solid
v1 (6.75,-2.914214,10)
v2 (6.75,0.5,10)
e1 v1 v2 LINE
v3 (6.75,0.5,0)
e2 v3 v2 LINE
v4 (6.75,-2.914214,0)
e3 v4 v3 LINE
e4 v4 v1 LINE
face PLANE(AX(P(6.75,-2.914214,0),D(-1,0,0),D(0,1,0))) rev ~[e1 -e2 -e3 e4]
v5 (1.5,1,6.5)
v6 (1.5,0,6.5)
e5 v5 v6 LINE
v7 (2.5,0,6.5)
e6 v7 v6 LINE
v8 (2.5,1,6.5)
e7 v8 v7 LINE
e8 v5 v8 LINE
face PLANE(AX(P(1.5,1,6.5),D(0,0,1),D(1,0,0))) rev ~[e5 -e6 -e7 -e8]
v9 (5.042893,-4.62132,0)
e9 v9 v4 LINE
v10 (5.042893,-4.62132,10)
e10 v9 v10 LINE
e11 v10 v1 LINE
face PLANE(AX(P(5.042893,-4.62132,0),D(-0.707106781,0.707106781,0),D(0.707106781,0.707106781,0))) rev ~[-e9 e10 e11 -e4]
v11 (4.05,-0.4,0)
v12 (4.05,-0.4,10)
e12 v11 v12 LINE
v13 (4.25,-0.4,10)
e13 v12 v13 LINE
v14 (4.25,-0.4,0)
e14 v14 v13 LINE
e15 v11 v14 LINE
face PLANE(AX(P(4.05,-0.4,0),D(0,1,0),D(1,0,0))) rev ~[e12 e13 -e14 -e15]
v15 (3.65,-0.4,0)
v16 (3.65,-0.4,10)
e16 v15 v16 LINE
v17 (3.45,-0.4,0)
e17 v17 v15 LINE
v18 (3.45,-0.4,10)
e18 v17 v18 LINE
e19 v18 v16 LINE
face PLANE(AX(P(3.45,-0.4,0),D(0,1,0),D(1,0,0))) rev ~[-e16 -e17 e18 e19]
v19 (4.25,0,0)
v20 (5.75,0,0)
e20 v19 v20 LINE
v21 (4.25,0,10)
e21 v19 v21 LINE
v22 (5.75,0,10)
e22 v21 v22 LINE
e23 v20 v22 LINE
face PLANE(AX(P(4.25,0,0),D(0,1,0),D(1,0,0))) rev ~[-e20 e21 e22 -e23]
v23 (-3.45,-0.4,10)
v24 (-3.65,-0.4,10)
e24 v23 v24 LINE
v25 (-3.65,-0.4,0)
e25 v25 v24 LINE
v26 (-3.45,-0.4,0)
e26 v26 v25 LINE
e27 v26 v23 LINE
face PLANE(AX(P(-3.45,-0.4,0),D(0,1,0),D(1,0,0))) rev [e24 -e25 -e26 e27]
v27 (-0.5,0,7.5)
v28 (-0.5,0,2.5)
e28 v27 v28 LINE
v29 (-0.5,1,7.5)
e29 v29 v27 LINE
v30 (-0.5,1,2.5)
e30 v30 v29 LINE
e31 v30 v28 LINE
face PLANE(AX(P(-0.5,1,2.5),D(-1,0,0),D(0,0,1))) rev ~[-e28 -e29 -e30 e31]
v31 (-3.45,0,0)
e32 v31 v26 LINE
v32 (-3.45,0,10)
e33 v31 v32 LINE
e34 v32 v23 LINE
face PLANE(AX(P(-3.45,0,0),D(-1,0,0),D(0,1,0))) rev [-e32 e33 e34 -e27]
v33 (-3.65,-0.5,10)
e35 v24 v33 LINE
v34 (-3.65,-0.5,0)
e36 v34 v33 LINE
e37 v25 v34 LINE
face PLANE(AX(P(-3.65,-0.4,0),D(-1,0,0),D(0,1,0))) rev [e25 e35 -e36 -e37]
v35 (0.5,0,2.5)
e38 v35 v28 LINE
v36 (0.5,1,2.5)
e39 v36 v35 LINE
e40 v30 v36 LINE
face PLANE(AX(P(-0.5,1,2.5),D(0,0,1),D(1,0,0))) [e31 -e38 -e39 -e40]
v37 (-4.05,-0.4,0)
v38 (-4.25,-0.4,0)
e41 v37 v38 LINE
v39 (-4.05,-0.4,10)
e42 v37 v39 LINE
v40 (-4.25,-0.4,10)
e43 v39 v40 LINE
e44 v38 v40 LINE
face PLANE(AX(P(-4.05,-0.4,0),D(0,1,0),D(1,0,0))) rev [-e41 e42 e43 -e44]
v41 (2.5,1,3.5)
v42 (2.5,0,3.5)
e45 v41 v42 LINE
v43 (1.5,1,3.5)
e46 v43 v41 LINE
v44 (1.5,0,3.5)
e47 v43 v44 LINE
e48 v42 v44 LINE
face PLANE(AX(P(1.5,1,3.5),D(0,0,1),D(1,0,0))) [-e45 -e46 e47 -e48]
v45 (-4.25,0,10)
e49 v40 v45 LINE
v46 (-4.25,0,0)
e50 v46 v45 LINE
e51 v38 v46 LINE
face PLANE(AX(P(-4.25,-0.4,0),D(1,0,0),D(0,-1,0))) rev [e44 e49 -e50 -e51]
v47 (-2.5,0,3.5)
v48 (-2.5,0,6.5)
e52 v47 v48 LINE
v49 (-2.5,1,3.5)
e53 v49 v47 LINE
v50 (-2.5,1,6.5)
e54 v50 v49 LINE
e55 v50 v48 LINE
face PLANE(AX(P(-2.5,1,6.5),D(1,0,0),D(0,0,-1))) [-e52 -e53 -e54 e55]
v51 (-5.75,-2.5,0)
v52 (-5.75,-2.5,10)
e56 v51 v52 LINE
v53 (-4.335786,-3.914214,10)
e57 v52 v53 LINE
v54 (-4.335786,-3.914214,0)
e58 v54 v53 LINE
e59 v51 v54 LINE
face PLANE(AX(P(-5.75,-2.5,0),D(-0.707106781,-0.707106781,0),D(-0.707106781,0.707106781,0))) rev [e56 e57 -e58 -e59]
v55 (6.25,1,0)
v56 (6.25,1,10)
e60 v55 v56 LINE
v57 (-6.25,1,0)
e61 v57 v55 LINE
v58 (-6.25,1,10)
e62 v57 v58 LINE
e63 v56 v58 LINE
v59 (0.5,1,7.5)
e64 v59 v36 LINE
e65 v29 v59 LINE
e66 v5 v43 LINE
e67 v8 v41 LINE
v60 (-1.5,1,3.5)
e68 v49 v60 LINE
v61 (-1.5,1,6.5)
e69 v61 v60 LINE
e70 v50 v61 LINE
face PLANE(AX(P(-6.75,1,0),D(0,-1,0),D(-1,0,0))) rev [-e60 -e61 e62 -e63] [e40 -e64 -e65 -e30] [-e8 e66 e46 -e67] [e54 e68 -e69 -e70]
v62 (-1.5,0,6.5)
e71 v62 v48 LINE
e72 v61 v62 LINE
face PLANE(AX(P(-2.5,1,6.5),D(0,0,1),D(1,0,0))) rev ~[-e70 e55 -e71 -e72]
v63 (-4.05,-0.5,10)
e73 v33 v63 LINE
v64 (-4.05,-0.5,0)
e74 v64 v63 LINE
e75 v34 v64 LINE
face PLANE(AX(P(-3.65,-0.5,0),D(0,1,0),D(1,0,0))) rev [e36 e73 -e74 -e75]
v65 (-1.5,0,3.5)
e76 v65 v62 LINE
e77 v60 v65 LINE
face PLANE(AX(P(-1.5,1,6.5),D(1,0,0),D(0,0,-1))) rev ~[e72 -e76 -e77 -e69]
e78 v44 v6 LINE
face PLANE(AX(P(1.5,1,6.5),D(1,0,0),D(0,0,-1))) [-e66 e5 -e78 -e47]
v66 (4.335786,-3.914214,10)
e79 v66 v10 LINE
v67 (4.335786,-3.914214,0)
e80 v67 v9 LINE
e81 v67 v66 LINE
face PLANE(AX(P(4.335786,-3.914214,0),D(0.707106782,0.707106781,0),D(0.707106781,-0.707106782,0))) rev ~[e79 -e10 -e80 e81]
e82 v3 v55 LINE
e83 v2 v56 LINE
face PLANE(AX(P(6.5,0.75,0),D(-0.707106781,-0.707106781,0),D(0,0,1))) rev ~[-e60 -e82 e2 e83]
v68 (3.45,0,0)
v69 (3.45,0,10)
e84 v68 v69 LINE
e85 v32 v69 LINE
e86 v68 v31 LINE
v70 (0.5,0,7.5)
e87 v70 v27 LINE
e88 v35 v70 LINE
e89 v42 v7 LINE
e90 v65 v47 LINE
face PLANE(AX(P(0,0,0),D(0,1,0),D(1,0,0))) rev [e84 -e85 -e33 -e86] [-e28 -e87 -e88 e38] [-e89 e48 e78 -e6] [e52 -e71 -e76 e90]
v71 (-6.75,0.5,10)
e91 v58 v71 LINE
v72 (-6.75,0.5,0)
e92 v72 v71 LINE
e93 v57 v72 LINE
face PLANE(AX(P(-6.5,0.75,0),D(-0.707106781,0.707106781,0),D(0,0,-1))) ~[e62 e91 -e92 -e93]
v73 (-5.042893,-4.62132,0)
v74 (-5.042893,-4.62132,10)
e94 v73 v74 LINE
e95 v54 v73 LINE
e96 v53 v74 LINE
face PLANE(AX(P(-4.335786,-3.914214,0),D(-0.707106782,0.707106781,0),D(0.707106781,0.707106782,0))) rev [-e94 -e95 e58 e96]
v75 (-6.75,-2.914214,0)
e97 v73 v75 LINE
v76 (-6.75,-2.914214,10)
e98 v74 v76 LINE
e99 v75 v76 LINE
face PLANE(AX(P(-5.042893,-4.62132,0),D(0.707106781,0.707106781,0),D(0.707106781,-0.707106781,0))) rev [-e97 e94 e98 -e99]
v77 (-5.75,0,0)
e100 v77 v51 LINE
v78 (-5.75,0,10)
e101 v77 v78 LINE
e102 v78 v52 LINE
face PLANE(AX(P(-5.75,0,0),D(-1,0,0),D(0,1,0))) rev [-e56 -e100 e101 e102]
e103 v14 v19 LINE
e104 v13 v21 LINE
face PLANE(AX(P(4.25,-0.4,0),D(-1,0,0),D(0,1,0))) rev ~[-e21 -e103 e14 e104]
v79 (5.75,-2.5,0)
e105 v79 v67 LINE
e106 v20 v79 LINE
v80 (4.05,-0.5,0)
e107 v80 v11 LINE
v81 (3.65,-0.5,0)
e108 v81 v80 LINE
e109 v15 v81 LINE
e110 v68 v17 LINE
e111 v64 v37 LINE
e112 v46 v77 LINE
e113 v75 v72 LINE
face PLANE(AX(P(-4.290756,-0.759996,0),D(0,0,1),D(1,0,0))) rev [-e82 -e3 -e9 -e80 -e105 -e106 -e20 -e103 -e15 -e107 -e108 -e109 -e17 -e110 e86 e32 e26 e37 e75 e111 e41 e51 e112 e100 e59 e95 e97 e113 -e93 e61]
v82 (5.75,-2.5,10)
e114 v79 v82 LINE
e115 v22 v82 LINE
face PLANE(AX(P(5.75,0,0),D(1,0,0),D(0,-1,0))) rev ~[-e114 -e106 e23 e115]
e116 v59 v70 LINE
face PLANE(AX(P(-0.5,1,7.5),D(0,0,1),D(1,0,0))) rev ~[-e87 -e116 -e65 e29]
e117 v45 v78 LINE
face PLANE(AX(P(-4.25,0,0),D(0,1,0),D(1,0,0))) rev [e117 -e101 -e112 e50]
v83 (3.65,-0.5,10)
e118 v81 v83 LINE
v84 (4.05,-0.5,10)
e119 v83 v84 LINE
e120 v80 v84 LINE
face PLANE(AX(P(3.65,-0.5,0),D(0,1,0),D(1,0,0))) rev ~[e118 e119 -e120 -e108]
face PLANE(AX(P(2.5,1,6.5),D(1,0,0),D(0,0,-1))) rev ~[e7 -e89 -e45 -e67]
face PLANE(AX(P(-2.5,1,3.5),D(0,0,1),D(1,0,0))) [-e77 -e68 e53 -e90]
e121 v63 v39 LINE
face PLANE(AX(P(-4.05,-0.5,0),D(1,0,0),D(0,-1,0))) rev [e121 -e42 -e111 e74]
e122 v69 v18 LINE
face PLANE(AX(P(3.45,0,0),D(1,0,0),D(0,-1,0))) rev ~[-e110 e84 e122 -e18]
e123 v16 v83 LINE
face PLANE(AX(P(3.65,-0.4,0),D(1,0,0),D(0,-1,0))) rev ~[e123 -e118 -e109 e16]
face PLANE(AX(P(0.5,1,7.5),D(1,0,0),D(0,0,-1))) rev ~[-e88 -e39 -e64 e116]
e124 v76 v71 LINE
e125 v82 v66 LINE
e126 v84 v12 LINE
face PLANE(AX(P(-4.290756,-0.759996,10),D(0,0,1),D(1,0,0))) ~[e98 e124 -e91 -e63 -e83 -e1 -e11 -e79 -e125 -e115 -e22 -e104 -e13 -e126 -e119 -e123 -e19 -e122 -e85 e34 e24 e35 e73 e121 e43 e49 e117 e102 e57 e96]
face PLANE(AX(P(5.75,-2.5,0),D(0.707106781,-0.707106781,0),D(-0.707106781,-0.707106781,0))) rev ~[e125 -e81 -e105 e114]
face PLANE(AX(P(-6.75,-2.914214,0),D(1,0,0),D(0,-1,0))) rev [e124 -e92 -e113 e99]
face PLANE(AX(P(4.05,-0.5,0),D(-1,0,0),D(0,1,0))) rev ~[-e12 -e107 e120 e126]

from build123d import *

# Parameters (mm, degrees)
BOSS_EXTRUDE1_DEPTH = 10
CHAMFER1_SIZE       = 0.5
SKETCH7_W           = 1
SKETCH7_H           = 3
SKETCH7_H_2         = 1
CUT_EXTRUDE1_DEPTH  = 14.310211959


with BuildPart() as part:
    # Sketch2 → Boss-Extrude1 (new body)
    with BuildSketch(Plane.XY):
        Polygon((4.25, 0), (5.75, 0), (5.75, -2.5), (4.335786438, -3.914213562), (5.042893219, -4.621320344), (6.75, -2.914213562), (6.75, 1), (0, 1), (0, 0), (3.45, 0), (3.45, -0.4), (3.65, -0.4), (3.65, -0.5), (4.05, -0.5), (4.05, -0.4), (4.25, -0.4), align=None)
    boss_extrude1 = extrude(amount=BOSS_EXTRUDE1_DEPTH)

    # Mirror1: Boss-Extrude1 across plane
    add(boss_extrude1.mirror(Plane(origin=(0, 0, 0), x_dir=(0, 0, 1), z_dir=(1, 0, 0))))

    # Chamfer1
    chamfer1_edges = [part.edges().sort_by_distance(p)[0] for p in [
        (6.75, 1, 5),
        (-6.75, 1, 5),
    ]]
    chamfer(chamfer1_edges, length=CHAMFER1_SIZE)

    # Sketch7 → Cut-Extrude1 (cut, through all)
    with BuildSketch(Plane(origin=(0, 1, 0), x_dir=(1, 0, 0), z_dir=(0, 1, 0))):
        with Locations((0, -5)):
            Rectangle(SKETCH7_W, SKETCH7_H)
        with Locations((0, -3)):
            Rectangle(SKETCH7_W, SKETCH7_H_2)
        with Locations((0, -7)):
            Rectangle(SKETCH7_W, SKETCH7_H_2)
        with Locations((2, -5)):
            Rectangle(SKETCH7_W, SKETCH7_H)
        with Locations((-2, -5)):
            Rectangle(SKETCH7_W, SKETCH7_H)
    extrude(amount=-CUT_EXTRUDE1_DEPTH, mode=Mode.SUBTRACT)


solid = part.part
